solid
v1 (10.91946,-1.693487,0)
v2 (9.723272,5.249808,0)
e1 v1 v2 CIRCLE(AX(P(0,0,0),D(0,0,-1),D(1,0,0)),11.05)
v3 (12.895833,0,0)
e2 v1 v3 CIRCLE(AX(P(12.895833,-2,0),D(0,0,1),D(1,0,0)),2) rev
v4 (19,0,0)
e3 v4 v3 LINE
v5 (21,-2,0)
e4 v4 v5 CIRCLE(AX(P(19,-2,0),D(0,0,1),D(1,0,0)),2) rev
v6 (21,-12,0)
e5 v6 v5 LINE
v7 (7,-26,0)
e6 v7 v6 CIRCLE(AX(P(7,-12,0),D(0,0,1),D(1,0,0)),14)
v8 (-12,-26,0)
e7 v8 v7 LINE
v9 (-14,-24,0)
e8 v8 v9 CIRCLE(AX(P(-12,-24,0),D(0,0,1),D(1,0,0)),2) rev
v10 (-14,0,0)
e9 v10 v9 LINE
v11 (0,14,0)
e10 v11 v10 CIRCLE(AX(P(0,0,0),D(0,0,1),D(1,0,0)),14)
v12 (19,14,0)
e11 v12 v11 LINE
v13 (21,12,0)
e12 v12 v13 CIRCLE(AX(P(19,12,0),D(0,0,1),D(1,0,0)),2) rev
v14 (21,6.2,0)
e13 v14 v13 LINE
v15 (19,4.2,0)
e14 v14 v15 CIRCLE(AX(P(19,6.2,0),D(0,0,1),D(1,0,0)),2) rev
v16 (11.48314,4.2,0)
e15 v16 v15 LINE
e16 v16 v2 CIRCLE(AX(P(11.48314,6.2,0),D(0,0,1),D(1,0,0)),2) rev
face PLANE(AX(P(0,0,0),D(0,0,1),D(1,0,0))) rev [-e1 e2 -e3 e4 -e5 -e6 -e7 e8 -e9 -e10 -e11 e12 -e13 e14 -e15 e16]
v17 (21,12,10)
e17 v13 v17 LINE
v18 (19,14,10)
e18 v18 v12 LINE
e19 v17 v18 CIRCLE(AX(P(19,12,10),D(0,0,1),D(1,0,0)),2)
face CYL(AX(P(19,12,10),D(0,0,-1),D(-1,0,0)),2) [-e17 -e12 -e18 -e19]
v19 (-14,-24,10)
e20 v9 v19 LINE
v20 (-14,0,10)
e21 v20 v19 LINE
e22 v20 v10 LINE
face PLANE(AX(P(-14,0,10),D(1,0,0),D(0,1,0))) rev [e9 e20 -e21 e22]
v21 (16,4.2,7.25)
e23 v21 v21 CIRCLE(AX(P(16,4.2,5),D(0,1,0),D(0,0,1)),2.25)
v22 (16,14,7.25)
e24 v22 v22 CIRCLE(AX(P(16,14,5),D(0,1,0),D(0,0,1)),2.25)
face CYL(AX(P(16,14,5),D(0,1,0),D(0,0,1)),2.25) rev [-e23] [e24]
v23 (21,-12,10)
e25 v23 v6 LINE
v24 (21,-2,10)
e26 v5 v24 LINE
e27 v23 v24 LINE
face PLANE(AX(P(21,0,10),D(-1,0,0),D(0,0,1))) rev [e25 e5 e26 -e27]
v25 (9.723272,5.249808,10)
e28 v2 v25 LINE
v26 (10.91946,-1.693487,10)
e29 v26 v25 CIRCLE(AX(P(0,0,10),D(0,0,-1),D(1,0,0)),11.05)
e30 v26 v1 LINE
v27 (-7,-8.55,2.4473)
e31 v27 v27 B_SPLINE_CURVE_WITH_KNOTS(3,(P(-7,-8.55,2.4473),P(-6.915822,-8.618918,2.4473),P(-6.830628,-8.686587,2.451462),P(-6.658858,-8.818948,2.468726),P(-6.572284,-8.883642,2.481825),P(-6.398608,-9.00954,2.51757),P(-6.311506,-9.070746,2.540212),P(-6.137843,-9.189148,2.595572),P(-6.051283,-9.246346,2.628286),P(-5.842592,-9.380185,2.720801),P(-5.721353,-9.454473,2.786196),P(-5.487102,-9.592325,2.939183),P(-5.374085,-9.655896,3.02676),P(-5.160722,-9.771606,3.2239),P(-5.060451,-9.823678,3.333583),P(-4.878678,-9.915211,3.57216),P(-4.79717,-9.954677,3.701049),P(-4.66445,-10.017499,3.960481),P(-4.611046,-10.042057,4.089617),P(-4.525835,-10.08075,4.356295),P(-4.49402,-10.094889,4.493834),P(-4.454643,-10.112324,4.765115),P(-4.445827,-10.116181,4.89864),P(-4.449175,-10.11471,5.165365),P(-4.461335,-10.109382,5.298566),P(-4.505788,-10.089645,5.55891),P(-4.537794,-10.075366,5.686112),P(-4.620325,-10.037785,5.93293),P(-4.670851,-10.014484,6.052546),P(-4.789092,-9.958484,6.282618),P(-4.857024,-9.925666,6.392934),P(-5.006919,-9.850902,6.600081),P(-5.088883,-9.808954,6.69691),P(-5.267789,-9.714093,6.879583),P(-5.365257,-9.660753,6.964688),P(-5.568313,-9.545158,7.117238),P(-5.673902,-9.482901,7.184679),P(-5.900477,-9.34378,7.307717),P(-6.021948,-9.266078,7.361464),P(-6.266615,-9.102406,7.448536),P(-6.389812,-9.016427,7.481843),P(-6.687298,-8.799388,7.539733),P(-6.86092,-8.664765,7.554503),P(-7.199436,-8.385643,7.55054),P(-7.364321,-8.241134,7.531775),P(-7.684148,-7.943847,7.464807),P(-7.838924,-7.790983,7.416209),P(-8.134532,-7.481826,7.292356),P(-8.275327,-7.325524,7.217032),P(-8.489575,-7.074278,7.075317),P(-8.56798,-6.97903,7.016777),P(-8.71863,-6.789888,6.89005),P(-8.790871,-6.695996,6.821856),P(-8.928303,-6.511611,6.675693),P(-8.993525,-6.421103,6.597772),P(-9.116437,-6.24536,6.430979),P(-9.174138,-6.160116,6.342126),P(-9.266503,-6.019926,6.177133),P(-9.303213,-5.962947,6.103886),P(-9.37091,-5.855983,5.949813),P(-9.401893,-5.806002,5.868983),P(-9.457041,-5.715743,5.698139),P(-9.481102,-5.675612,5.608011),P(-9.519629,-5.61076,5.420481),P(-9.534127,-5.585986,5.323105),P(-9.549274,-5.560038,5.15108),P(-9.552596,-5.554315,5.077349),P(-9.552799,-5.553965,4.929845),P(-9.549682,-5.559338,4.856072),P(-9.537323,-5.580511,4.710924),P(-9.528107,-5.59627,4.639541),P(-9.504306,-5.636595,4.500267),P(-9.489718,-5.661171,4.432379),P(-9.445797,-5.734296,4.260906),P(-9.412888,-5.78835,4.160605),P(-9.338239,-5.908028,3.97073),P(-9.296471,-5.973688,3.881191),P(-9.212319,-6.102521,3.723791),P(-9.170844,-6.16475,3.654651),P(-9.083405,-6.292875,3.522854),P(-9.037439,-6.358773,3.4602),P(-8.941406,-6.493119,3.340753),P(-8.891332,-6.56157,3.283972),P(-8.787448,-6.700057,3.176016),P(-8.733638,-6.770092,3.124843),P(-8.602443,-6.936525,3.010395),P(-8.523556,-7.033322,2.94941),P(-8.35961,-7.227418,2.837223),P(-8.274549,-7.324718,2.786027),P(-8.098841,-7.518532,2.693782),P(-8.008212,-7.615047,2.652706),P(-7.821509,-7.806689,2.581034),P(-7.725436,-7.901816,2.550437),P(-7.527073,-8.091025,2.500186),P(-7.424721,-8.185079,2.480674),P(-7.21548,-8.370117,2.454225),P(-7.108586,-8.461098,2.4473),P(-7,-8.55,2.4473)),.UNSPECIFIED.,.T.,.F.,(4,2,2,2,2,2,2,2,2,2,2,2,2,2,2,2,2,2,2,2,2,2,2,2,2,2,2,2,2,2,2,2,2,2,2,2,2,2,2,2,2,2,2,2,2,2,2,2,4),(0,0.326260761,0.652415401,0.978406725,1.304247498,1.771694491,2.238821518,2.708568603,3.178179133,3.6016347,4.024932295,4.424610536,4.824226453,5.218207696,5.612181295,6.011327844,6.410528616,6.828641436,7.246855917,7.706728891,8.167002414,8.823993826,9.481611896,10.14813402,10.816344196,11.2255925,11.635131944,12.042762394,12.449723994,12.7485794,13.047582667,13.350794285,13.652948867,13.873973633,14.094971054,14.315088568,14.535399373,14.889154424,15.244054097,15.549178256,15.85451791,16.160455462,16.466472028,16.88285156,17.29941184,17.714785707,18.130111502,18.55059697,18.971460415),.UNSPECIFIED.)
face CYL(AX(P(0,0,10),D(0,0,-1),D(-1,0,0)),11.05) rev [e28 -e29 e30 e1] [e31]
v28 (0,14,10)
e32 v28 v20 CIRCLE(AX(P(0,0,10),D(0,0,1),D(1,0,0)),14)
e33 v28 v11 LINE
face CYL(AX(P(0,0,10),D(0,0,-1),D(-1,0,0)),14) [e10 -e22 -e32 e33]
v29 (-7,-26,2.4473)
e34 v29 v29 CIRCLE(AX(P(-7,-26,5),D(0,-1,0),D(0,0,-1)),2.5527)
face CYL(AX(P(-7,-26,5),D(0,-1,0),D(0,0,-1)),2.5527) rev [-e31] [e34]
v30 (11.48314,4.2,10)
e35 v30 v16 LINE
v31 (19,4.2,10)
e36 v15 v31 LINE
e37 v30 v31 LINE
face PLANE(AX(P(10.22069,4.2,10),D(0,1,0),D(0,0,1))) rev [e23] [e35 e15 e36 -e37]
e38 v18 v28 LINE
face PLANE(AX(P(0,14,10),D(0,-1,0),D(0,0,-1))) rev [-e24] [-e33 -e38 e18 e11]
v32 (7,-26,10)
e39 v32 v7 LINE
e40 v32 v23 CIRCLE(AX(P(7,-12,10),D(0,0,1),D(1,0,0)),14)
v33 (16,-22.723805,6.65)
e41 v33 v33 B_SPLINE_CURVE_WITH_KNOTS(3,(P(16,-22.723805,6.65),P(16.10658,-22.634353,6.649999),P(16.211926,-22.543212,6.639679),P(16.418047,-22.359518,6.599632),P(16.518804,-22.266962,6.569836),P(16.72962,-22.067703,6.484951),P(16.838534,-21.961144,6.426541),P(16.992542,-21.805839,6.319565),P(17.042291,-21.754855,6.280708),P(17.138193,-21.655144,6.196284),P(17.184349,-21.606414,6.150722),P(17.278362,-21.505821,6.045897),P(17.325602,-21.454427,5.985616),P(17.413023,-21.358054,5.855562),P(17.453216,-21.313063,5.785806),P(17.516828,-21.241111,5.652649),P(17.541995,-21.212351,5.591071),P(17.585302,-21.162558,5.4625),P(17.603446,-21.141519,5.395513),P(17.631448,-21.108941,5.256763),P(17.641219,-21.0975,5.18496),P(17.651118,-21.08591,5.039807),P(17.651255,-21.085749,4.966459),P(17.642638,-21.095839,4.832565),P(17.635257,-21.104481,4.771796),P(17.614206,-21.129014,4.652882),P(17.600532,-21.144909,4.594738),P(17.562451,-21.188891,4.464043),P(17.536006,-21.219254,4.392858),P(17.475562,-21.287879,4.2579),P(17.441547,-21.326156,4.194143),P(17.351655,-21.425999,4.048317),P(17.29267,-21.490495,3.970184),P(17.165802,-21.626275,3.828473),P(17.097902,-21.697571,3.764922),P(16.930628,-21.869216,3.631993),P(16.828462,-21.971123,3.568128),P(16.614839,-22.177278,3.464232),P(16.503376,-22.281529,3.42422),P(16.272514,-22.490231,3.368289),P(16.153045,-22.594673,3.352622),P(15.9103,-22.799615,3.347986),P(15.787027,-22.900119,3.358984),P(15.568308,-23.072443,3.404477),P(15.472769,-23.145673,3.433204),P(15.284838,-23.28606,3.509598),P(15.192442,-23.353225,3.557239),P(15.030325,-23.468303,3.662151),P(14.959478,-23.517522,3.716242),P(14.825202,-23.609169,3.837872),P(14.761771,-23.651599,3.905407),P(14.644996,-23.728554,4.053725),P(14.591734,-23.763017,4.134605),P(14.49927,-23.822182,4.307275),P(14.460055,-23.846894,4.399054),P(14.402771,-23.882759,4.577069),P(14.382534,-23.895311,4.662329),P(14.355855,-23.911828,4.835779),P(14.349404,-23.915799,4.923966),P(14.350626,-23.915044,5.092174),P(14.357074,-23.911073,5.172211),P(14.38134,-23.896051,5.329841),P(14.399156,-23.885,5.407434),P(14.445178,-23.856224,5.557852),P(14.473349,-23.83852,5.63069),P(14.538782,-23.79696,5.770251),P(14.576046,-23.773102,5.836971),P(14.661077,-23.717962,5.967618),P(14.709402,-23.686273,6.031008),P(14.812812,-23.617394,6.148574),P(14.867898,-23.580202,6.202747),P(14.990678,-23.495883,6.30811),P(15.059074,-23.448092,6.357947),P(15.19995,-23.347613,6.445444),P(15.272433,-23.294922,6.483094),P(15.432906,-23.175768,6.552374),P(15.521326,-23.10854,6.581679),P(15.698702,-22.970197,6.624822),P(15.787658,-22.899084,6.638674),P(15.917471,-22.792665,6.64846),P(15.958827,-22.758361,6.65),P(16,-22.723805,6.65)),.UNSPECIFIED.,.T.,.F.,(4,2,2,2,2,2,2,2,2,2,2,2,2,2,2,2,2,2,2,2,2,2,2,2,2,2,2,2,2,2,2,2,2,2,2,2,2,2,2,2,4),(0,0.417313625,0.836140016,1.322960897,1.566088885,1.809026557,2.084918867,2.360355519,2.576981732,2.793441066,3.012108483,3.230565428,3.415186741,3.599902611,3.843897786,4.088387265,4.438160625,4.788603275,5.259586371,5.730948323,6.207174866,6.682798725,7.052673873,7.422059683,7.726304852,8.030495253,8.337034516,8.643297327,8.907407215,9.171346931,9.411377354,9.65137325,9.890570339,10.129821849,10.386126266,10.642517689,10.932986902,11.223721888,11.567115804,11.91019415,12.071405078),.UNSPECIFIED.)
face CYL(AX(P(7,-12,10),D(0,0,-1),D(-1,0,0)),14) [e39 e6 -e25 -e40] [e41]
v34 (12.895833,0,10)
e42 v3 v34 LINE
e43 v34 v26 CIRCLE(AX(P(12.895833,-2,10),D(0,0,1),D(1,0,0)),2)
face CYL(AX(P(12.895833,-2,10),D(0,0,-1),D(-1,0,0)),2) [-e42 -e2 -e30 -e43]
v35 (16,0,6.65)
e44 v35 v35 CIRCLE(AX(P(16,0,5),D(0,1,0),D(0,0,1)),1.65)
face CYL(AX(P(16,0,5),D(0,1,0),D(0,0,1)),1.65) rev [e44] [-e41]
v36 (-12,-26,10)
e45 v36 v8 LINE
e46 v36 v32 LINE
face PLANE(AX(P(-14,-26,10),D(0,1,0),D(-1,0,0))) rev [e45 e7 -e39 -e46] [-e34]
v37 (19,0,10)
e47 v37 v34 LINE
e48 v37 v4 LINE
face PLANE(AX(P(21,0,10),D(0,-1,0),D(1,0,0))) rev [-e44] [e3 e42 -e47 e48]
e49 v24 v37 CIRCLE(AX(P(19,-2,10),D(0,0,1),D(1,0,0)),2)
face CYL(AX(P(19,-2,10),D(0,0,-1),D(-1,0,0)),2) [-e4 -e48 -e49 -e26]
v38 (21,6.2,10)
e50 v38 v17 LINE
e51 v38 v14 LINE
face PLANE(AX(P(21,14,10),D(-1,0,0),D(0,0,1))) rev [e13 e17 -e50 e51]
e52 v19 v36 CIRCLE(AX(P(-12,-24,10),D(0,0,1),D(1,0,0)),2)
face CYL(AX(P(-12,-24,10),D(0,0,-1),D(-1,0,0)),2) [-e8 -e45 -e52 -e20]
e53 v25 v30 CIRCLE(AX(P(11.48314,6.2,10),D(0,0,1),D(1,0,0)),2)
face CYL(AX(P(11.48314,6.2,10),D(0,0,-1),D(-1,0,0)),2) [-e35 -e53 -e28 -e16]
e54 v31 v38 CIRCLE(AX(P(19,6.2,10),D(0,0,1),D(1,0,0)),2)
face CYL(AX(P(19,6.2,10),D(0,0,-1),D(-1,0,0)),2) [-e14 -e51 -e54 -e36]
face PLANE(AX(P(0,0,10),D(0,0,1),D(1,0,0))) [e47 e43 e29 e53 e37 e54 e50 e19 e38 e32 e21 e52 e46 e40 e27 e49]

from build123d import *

# Parameters (mm, degrees)
EXTRUDE_1_DEPTH            = 10
HOLE_WIZARD_M41_D          = 4.5
HOLE_WIZARD_M41_DEPTH      = 9.8
M4X0_71_D                  = 3.3
HOLE_WIZARD_1_4_201_REACH  = 48.271
HOLE_WIZARD_1_4_201_BORE_R = 2.5527
FILLET_1_R                 = 2


with BuildPart() as part:
    # Эскиз1 → Бобышка-Вытянуть1 (new body)
    with BuildSketch(Plane.XY):
        with BuildLine():
            Line((10.220689801, 4.2), (21, 4.2))
            Line((21, 4.2), (21, 14))
            Line((21, 14), (0, 14))
            ThreePointArc((0, 14), (-9.899494937, 9.899494937), (-14, 0))
            Line((-14, 0), (-14, -26))
            Line((-14, -26), (7, -26))
            ThreePointArc((7, -26), (16.899494937, -21.899494937), (21, -12))
            Line((21, -12), (21, 0))
            Line((21, 0), (11.05, 0))
            ThreePointArc((11.05, 0), (-10.840690068, -2.140546391), (10.220689801, 4.2))
        make_face()
    extrude(amount=EXTRUDE_1_DEPTH)

    # Отверстие с зазором M41
    with Locations(Plane(origin=(0, 14, 0), x_dir=(1, 0, 0), z_dir=(0, 1, 0))):
        with Locations((16, -5)):
            Hole(HOLE_WIZARD_M41_D / 2, depth=HOLE_WIZARD_M41_DEPTH)

    # Отверстие обработанное метчиком M4x0.71 (through all)
    with Locations(Plane(origin=(0, 0, 0), x_dir=(1, 0, 0), z_dir=(0, 1, 0))):
        with Locations((16, -5)):
            Hole(M4X0_71_D / 2)

    # Отверстие обработанное метчиком 1/4-201 bore → Отверстие обработанное метчиком 1/4-201 (cut, up to next)
    with BuildSketch(Plane(origin=(0, -26, 0), x_dir=(-1, 0, 0), z_dir=(0, -1, 0)), mode=Mode.PRIVATE) as hole_wizard_1_4_201_sk1:
        with Locations((7, -5)):
            Circle(HOLE_WIZARD_1_4_201_BORE_R)
    hole_wizard_1_4_201_tool1 = extrude(hole_wizard_1_4_201_sk1.sketch, amount=-HOLE_WIZARD_1_4_201_REACH, mode=Mode.PRIVATE) & part.part
    add(hole_wizard_1_4_201_tool1.solids().sort_by_distance((-7, -26, 5))[0], mode=Mode.SUBTRACT)

    # Скругление1
    fillet_1_edges = [part.edges().sort_by_distance(p)[0] for p in [
        (11.05, 0, 5),
        (21, 0, 5),
        (-14, -26, 5),
        (21, 14, 5),
        (21, 4.2, 5),
        (10.220689801, 4.2, 5),
    ]]
    fillet(fillet_1_edges, radius=FILLET_1_R)


solid = part.part
